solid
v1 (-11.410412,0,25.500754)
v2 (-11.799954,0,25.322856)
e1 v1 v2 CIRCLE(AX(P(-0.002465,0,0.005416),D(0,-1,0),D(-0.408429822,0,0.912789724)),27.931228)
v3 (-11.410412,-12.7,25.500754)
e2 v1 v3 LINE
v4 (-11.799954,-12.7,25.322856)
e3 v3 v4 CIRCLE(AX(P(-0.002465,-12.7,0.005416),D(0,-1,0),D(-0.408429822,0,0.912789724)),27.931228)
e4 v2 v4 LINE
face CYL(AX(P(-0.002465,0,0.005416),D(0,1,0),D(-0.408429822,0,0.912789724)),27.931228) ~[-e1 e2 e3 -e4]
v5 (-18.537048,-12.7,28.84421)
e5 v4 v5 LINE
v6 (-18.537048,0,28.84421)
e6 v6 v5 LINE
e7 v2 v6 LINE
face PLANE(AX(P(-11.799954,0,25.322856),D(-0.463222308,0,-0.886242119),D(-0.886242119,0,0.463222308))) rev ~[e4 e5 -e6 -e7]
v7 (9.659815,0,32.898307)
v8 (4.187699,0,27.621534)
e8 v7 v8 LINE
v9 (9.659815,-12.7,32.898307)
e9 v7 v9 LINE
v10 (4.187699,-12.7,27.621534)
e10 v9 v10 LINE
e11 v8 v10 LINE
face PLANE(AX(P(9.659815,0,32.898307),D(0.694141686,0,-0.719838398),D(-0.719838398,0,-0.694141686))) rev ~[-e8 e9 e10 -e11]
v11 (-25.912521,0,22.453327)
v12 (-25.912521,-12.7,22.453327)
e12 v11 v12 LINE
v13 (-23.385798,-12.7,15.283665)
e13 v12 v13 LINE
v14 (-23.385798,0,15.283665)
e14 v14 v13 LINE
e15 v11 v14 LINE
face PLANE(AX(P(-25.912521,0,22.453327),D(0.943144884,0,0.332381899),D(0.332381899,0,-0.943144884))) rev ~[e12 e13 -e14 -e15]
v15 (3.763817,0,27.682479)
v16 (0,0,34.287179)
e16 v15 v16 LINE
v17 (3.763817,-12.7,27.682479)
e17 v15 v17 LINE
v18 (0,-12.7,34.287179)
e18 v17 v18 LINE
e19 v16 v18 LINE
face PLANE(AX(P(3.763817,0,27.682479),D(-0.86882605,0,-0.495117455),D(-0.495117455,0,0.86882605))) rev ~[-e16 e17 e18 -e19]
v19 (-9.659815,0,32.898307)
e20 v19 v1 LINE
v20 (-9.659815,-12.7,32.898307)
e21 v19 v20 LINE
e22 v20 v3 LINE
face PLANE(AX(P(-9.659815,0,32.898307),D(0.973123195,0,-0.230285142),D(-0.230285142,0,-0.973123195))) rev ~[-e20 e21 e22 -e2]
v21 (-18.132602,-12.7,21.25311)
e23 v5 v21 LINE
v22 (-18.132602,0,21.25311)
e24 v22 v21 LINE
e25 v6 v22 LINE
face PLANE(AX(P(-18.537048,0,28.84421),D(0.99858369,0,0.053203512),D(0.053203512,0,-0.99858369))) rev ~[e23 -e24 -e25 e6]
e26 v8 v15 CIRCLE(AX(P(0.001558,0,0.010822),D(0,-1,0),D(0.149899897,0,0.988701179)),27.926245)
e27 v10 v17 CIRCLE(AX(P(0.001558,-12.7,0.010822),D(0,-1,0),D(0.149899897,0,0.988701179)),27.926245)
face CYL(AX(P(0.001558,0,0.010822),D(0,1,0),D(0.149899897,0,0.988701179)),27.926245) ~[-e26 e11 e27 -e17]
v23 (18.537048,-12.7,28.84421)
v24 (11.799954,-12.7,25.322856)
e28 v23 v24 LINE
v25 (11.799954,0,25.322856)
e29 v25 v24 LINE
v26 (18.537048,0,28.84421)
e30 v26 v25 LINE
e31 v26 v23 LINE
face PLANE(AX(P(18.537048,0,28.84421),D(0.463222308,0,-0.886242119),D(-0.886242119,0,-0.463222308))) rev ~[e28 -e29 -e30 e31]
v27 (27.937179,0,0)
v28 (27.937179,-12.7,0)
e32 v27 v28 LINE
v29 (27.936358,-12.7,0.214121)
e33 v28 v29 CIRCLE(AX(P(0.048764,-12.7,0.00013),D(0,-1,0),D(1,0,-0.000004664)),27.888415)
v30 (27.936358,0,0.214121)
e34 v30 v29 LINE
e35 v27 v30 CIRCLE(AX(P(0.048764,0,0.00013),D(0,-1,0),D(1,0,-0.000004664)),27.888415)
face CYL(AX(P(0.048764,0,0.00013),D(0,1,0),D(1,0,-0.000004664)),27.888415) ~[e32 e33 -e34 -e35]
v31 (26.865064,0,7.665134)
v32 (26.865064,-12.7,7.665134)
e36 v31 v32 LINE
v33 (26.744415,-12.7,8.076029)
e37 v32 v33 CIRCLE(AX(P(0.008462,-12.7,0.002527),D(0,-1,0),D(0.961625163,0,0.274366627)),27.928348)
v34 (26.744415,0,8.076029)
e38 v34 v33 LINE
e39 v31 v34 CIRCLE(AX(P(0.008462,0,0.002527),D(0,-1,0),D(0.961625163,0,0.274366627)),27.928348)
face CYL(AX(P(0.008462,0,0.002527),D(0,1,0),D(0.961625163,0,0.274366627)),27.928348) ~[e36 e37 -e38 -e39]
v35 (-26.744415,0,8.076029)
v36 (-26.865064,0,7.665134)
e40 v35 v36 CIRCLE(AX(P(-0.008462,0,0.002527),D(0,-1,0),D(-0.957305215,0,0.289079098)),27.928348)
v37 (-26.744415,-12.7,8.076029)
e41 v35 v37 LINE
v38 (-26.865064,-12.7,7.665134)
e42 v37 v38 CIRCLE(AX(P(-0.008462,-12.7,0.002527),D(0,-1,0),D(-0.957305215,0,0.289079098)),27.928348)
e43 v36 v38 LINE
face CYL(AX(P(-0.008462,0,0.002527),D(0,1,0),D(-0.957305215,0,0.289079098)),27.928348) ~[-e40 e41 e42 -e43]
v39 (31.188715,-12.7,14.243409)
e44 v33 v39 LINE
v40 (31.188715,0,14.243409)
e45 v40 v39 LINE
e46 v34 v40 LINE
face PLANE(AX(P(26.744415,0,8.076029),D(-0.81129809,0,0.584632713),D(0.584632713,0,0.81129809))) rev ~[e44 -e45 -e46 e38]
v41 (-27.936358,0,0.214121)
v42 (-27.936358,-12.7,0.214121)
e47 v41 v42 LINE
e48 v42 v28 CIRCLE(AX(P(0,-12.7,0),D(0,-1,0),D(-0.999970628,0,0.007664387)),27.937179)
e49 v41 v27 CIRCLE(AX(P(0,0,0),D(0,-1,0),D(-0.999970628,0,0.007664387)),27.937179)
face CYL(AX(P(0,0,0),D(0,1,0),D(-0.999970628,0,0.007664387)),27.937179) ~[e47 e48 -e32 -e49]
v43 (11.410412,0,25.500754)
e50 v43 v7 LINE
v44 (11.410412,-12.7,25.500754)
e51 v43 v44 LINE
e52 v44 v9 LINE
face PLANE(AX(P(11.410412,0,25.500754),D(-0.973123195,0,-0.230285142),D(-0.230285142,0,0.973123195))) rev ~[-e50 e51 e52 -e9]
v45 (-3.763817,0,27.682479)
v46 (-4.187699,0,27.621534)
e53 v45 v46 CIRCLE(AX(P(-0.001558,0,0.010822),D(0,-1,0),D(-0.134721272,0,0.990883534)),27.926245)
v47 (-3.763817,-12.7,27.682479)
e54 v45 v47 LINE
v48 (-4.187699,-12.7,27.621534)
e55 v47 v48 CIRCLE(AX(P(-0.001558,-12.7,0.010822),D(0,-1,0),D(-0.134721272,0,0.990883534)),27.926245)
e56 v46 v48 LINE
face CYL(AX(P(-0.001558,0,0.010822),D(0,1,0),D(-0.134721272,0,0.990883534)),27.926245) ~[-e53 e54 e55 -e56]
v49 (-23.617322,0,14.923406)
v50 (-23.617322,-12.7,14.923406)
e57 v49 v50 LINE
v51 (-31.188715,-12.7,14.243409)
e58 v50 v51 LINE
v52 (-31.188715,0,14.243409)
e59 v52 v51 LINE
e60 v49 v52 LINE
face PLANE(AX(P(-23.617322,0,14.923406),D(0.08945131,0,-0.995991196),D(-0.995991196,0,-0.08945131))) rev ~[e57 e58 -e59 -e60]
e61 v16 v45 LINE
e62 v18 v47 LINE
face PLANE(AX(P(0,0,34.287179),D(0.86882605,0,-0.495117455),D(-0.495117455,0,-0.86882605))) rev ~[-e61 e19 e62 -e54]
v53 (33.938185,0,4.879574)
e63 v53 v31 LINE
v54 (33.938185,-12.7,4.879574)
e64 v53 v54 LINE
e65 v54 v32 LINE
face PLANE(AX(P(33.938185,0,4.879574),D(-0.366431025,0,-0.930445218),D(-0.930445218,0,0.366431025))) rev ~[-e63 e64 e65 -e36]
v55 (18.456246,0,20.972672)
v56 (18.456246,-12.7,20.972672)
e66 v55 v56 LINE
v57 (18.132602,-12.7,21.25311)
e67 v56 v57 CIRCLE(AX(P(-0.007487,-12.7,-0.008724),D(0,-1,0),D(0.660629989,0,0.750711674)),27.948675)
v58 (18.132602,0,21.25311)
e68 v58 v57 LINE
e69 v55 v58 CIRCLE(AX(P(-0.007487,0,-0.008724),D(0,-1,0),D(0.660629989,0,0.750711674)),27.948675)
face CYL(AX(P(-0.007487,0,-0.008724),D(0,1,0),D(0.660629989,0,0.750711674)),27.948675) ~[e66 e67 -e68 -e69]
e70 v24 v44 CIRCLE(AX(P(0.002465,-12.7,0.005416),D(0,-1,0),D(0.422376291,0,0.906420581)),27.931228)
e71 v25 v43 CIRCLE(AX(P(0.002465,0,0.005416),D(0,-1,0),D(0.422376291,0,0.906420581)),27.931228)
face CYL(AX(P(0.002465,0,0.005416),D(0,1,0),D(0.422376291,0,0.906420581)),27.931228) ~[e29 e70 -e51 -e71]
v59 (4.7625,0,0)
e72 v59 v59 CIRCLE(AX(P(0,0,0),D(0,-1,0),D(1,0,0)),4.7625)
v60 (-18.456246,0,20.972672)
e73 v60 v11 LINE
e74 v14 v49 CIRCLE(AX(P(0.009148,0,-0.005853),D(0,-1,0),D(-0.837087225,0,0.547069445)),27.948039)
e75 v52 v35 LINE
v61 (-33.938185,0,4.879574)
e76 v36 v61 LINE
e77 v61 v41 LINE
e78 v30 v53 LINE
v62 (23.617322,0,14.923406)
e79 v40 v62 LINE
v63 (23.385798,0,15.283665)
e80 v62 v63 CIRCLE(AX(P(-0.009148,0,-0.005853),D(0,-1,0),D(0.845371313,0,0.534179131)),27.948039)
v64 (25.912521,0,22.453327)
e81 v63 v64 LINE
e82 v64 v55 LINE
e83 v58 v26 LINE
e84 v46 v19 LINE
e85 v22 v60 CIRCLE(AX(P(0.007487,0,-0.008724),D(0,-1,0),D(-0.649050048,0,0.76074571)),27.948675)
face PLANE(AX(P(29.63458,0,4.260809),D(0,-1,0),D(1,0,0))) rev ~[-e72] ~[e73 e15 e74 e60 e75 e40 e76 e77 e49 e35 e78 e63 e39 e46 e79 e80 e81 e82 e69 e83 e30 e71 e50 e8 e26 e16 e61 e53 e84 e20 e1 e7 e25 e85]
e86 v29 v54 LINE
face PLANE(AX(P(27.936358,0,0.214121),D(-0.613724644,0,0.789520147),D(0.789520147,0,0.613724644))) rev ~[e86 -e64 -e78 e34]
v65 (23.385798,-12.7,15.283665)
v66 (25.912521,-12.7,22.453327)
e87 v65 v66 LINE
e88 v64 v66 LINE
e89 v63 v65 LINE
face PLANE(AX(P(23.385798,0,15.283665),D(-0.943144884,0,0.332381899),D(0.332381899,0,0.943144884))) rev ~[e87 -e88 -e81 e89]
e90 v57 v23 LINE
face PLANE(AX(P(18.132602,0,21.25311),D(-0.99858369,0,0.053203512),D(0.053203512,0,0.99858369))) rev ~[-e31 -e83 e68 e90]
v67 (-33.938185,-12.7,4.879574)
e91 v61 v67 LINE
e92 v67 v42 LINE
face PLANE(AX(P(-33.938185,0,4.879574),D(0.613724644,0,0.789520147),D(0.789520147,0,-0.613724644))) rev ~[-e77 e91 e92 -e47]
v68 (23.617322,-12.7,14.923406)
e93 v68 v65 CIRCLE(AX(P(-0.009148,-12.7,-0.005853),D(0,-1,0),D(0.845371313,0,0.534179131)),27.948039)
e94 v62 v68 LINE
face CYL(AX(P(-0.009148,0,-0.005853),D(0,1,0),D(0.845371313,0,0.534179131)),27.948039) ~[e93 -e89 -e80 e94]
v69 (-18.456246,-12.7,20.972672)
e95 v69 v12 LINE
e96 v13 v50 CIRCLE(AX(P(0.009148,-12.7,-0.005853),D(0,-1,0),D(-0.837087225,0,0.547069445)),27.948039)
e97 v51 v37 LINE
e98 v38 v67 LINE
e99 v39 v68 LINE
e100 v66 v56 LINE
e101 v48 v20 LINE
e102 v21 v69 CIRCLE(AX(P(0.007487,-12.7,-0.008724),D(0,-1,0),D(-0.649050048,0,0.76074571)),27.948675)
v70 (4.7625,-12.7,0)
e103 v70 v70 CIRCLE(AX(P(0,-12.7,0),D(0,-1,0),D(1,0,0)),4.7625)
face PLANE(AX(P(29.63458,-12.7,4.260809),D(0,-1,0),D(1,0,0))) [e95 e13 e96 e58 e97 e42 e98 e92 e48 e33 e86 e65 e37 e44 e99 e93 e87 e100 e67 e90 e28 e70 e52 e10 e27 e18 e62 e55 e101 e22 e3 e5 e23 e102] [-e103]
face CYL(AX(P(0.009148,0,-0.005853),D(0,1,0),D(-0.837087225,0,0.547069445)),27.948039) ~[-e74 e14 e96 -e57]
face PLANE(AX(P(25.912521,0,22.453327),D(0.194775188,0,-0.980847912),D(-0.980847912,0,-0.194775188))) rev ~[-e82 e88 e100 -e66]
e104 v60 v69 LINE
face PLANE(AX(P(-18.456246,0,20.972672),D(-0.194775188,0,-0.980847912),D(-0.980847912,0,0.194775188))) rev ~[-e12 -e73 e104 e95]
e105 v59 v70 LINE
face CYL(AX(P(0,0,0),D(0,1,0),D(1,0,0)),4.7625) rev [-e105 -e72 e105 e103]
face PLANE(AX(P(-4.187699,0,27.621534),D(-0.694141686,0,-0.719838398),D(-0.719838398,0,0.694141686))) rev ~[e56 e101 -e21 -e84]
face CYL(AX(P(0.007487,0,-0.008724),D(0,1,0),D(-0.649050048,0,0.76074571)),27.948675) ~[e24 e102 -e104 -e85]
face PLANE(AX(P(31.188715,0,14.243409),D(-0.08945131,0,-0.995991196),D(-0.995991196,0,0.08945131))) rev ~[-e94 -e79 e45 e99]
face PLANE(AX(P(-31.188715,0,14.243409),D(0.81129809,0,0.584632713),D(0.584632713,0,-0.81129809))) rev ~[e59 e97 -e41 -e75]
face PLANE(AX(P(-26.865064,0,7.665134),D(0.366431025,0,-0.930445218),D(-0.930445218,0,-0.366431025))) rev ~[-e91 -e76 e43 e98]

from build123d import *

# Parameters (mm, degrees)
F1_DEPTH = 12.7
F2_R     = 4.7625
F3_DEPTH = 12.7


with BuildPart() as f1:
    # F0 (on Front) → F1 (new body)
    with BuildSketch(Plane.XZ):
        with BuildLine():
            ThreePointArc((26.865064, 7.665134), (27.652819, 3.975875), (27.936358, 0.214121))
            Line((27.936358, 0.214121), (33.938185, 4.879574))
            Line((33.938185, 4.879574), (26.865064, 7.665134))
        make_face()
        with BuildLine():
            ThreePointArc((23.617322, 14.923406), (25.412552, 11.605523), (26.744415, 8.076029))
            Line((26.744415, 8.076029), (31.188715, 14.243409))
            Line((31.188715, 14.243409), (23.617322, 14.923406))
        make_face()
        with BuildLine():
            ThreePointArc((18.456246, 20.972672), (21.113511, 18.294961), (23.385798, 15.283665))
            Line((23.385798, 15.283665), (25.912521, 22.453327))
            Line((25.912521, 22.453327), (18.456246, 20.972672))
        make_face()
        with BuildLine():
            ThreePointArc((11.799954, 25.322856), (15.103979, 23.50225), (18.132602, 21.25311))
            Line((18.132602, 21.25311), (18.537048, 28.84421))
            Line((18.537048, 28.84421), (11.799954, 25.322856))
        make_face()
        with BuildLine():
            ThreePointArc((-27.936358, 0.214121), (-0.107061, -27.936974), (27.937179, 0))
            ThreePointArc((27.937179, 0), (27.936974, 0.107061), (27.936358, 0.214121))
            ThreePointArc((27.936358, 0.214121), (27.652819, 3.975875), (26.865064, 7.665134))
            ThreePointArc((26.865064, 7.665134), (26.805527, 7.870813), (26.744415, 8.076029))
            ThreePointArc((26.744415, 8.076029), (25.412552, 11.605523), (23.617322, 14.923406))
            ThreePointArc((23.617322, 14.923406), (23.50225, 15.103979), (23.385798, 15.283665))
            ThreePointArc((23.385798, 15.283665), (21.113511, 18.294961), (18.456246, 20.972672))
            ThreePointArc((18.456246, 20.972672), (18.294961, 21.113511), (18.132602, 21.25311))
            ThreePointArc((18.132602, 21.25311), (15.103979, 23.50225), (11.799954, 25.322856))
            ThreePointArc((11.799954, 25.322856), (11.605523, 25.412552), (11.410412, 25.500754))
            ThreePointArc((11.410412, 25.500754), (7.870813, 26.805527), (4.187699, 27.621534))
            ThreePointArc((4.187699, 27.621534), (3.975875, 27.652819), (3.763817, 27.682479))
            ThreePointArc((3.763817, 27.682479), (0, 27.937179), (-3.763817, 27.682479))
            ThreePointArc((-3.763817, 27.682479), (-3.975875, 27.652819), (-4.187699, 27.621534))
            ThreePointArc((-4.187699, 27.621534), (-7.870813, 26.805527), (-11.410412, 25.500754))
            ThreePointArc((-11.410412, 25.500754), (-11.605523, 25.412552), (-11.799954, 25.322856))
            ThreePointArc((-11.799954, 25.322856), (-15.103979, 23.50225), (-18.132602, 21.25311))
            ThreePointArc((-18.132602, 21.25311), (-18.294961, 21.113511), (-18.456246, 20.972672))
            ThreePointArc((-18.456246, 20.972672), (-21.113511, 18.294961), (-23.385798, 15.283665))
            ThreePointArc((-23.385798, 15.283665), (-23.50225, 15.103979), (-23.617322, 14.923406))
            ThreePointArc((-23.617322, 14.923406), (-25.412552, 11.605523), (-26.744415, 8.076029))
            ThreePointArc((-26.744415, 8.076029), (-26.805527, 7.870813), (-26.865064, 7.665134))
            ThreePointArc((-26.865064, 7.665134), (-27.652819, 3.975875), (-27.936358, 0.214121))
        make_face()
        with BuildLine():
            ThreePointArc((4.187699, 27.621534), (7.870813, 26.805527), (11.410412, 25.500754))
            Line((11.410412, 25.500754), (9.659815, 32.898307))
            Line((9.659815, 32.898307), (4.187699, 27.621534))
        make_face()
        with BuildLine():
            ThreePointArc((-3.763817, 27.682479), (0, 27.937179), (3.763817, 27.682479))
            Line((3.763817, 27.682479), (0, 34.287179))
            Line((0, 34.287179), (-3.763817, 27.682479))
        make_face()
        with BuildLine():
            Line((-9.659815, 32.898307), (-11.410412, 25.500754))
            ThreePointArc((-11.410412, 25.500754), (-7.870813, 26.805527), (-4.187699, 27.621534))
            Line((-4.187699, 27.621534), (-9.659815, 32.898307))
        make_face()
        with BuildLine():
            Line((-18.537048, 28.84421), (-18.132602, 21.25311))
            ThreePointArc((-18.132602, 21.25311), (-15.103979, 23.50225), (-11.799954, 25.322856))
            Line((-11.799954, 25.322856), (-18.537048, 28.84421))
        make_face()
        with BuildLine():
            Line((-25.912521, 22.453327), (-23.385798, 15.283665))
            ThreePointArc((-23.385798, 15.283665), (-21.113511, 18.294961), (-18.456246, 20.972672))
            Line((-18.456246, 20.972672), (-25.912521, 22.453327))
        make_face()
        with BuildLine():
            Line((-31.188715, 14.243409), (-26.744415, 8.076029))
            ThreePointArc((-26.744415, 8.076029), (-25.412552, 11.605523), (-23.617322, 14.923406))
            Line((-23.617322, 14.923406), (-31.188715, 14.243409))
        make_face()
        with BuildLine():
            Line((-33.938185, 4.879574), (-27.936358, 0.214121))
            ThreePointArc((-27.936358, 0.214121), (-27.652819, 3.975875), (-26.865064, 7.665134))
            Line((-26.865064, 7.665134), (-33.938185, 4.879574))
        make_face()
    extrude(amount=F1_DEPTH)

    # F2 (on face) → F3 (cut)
    with BuildSketch(Plane.XZ):
        Circle(F2_R)
    extrude(amount=F3_DEPTH, mode=Mode.SUBTRACT)


solid = f1.part
